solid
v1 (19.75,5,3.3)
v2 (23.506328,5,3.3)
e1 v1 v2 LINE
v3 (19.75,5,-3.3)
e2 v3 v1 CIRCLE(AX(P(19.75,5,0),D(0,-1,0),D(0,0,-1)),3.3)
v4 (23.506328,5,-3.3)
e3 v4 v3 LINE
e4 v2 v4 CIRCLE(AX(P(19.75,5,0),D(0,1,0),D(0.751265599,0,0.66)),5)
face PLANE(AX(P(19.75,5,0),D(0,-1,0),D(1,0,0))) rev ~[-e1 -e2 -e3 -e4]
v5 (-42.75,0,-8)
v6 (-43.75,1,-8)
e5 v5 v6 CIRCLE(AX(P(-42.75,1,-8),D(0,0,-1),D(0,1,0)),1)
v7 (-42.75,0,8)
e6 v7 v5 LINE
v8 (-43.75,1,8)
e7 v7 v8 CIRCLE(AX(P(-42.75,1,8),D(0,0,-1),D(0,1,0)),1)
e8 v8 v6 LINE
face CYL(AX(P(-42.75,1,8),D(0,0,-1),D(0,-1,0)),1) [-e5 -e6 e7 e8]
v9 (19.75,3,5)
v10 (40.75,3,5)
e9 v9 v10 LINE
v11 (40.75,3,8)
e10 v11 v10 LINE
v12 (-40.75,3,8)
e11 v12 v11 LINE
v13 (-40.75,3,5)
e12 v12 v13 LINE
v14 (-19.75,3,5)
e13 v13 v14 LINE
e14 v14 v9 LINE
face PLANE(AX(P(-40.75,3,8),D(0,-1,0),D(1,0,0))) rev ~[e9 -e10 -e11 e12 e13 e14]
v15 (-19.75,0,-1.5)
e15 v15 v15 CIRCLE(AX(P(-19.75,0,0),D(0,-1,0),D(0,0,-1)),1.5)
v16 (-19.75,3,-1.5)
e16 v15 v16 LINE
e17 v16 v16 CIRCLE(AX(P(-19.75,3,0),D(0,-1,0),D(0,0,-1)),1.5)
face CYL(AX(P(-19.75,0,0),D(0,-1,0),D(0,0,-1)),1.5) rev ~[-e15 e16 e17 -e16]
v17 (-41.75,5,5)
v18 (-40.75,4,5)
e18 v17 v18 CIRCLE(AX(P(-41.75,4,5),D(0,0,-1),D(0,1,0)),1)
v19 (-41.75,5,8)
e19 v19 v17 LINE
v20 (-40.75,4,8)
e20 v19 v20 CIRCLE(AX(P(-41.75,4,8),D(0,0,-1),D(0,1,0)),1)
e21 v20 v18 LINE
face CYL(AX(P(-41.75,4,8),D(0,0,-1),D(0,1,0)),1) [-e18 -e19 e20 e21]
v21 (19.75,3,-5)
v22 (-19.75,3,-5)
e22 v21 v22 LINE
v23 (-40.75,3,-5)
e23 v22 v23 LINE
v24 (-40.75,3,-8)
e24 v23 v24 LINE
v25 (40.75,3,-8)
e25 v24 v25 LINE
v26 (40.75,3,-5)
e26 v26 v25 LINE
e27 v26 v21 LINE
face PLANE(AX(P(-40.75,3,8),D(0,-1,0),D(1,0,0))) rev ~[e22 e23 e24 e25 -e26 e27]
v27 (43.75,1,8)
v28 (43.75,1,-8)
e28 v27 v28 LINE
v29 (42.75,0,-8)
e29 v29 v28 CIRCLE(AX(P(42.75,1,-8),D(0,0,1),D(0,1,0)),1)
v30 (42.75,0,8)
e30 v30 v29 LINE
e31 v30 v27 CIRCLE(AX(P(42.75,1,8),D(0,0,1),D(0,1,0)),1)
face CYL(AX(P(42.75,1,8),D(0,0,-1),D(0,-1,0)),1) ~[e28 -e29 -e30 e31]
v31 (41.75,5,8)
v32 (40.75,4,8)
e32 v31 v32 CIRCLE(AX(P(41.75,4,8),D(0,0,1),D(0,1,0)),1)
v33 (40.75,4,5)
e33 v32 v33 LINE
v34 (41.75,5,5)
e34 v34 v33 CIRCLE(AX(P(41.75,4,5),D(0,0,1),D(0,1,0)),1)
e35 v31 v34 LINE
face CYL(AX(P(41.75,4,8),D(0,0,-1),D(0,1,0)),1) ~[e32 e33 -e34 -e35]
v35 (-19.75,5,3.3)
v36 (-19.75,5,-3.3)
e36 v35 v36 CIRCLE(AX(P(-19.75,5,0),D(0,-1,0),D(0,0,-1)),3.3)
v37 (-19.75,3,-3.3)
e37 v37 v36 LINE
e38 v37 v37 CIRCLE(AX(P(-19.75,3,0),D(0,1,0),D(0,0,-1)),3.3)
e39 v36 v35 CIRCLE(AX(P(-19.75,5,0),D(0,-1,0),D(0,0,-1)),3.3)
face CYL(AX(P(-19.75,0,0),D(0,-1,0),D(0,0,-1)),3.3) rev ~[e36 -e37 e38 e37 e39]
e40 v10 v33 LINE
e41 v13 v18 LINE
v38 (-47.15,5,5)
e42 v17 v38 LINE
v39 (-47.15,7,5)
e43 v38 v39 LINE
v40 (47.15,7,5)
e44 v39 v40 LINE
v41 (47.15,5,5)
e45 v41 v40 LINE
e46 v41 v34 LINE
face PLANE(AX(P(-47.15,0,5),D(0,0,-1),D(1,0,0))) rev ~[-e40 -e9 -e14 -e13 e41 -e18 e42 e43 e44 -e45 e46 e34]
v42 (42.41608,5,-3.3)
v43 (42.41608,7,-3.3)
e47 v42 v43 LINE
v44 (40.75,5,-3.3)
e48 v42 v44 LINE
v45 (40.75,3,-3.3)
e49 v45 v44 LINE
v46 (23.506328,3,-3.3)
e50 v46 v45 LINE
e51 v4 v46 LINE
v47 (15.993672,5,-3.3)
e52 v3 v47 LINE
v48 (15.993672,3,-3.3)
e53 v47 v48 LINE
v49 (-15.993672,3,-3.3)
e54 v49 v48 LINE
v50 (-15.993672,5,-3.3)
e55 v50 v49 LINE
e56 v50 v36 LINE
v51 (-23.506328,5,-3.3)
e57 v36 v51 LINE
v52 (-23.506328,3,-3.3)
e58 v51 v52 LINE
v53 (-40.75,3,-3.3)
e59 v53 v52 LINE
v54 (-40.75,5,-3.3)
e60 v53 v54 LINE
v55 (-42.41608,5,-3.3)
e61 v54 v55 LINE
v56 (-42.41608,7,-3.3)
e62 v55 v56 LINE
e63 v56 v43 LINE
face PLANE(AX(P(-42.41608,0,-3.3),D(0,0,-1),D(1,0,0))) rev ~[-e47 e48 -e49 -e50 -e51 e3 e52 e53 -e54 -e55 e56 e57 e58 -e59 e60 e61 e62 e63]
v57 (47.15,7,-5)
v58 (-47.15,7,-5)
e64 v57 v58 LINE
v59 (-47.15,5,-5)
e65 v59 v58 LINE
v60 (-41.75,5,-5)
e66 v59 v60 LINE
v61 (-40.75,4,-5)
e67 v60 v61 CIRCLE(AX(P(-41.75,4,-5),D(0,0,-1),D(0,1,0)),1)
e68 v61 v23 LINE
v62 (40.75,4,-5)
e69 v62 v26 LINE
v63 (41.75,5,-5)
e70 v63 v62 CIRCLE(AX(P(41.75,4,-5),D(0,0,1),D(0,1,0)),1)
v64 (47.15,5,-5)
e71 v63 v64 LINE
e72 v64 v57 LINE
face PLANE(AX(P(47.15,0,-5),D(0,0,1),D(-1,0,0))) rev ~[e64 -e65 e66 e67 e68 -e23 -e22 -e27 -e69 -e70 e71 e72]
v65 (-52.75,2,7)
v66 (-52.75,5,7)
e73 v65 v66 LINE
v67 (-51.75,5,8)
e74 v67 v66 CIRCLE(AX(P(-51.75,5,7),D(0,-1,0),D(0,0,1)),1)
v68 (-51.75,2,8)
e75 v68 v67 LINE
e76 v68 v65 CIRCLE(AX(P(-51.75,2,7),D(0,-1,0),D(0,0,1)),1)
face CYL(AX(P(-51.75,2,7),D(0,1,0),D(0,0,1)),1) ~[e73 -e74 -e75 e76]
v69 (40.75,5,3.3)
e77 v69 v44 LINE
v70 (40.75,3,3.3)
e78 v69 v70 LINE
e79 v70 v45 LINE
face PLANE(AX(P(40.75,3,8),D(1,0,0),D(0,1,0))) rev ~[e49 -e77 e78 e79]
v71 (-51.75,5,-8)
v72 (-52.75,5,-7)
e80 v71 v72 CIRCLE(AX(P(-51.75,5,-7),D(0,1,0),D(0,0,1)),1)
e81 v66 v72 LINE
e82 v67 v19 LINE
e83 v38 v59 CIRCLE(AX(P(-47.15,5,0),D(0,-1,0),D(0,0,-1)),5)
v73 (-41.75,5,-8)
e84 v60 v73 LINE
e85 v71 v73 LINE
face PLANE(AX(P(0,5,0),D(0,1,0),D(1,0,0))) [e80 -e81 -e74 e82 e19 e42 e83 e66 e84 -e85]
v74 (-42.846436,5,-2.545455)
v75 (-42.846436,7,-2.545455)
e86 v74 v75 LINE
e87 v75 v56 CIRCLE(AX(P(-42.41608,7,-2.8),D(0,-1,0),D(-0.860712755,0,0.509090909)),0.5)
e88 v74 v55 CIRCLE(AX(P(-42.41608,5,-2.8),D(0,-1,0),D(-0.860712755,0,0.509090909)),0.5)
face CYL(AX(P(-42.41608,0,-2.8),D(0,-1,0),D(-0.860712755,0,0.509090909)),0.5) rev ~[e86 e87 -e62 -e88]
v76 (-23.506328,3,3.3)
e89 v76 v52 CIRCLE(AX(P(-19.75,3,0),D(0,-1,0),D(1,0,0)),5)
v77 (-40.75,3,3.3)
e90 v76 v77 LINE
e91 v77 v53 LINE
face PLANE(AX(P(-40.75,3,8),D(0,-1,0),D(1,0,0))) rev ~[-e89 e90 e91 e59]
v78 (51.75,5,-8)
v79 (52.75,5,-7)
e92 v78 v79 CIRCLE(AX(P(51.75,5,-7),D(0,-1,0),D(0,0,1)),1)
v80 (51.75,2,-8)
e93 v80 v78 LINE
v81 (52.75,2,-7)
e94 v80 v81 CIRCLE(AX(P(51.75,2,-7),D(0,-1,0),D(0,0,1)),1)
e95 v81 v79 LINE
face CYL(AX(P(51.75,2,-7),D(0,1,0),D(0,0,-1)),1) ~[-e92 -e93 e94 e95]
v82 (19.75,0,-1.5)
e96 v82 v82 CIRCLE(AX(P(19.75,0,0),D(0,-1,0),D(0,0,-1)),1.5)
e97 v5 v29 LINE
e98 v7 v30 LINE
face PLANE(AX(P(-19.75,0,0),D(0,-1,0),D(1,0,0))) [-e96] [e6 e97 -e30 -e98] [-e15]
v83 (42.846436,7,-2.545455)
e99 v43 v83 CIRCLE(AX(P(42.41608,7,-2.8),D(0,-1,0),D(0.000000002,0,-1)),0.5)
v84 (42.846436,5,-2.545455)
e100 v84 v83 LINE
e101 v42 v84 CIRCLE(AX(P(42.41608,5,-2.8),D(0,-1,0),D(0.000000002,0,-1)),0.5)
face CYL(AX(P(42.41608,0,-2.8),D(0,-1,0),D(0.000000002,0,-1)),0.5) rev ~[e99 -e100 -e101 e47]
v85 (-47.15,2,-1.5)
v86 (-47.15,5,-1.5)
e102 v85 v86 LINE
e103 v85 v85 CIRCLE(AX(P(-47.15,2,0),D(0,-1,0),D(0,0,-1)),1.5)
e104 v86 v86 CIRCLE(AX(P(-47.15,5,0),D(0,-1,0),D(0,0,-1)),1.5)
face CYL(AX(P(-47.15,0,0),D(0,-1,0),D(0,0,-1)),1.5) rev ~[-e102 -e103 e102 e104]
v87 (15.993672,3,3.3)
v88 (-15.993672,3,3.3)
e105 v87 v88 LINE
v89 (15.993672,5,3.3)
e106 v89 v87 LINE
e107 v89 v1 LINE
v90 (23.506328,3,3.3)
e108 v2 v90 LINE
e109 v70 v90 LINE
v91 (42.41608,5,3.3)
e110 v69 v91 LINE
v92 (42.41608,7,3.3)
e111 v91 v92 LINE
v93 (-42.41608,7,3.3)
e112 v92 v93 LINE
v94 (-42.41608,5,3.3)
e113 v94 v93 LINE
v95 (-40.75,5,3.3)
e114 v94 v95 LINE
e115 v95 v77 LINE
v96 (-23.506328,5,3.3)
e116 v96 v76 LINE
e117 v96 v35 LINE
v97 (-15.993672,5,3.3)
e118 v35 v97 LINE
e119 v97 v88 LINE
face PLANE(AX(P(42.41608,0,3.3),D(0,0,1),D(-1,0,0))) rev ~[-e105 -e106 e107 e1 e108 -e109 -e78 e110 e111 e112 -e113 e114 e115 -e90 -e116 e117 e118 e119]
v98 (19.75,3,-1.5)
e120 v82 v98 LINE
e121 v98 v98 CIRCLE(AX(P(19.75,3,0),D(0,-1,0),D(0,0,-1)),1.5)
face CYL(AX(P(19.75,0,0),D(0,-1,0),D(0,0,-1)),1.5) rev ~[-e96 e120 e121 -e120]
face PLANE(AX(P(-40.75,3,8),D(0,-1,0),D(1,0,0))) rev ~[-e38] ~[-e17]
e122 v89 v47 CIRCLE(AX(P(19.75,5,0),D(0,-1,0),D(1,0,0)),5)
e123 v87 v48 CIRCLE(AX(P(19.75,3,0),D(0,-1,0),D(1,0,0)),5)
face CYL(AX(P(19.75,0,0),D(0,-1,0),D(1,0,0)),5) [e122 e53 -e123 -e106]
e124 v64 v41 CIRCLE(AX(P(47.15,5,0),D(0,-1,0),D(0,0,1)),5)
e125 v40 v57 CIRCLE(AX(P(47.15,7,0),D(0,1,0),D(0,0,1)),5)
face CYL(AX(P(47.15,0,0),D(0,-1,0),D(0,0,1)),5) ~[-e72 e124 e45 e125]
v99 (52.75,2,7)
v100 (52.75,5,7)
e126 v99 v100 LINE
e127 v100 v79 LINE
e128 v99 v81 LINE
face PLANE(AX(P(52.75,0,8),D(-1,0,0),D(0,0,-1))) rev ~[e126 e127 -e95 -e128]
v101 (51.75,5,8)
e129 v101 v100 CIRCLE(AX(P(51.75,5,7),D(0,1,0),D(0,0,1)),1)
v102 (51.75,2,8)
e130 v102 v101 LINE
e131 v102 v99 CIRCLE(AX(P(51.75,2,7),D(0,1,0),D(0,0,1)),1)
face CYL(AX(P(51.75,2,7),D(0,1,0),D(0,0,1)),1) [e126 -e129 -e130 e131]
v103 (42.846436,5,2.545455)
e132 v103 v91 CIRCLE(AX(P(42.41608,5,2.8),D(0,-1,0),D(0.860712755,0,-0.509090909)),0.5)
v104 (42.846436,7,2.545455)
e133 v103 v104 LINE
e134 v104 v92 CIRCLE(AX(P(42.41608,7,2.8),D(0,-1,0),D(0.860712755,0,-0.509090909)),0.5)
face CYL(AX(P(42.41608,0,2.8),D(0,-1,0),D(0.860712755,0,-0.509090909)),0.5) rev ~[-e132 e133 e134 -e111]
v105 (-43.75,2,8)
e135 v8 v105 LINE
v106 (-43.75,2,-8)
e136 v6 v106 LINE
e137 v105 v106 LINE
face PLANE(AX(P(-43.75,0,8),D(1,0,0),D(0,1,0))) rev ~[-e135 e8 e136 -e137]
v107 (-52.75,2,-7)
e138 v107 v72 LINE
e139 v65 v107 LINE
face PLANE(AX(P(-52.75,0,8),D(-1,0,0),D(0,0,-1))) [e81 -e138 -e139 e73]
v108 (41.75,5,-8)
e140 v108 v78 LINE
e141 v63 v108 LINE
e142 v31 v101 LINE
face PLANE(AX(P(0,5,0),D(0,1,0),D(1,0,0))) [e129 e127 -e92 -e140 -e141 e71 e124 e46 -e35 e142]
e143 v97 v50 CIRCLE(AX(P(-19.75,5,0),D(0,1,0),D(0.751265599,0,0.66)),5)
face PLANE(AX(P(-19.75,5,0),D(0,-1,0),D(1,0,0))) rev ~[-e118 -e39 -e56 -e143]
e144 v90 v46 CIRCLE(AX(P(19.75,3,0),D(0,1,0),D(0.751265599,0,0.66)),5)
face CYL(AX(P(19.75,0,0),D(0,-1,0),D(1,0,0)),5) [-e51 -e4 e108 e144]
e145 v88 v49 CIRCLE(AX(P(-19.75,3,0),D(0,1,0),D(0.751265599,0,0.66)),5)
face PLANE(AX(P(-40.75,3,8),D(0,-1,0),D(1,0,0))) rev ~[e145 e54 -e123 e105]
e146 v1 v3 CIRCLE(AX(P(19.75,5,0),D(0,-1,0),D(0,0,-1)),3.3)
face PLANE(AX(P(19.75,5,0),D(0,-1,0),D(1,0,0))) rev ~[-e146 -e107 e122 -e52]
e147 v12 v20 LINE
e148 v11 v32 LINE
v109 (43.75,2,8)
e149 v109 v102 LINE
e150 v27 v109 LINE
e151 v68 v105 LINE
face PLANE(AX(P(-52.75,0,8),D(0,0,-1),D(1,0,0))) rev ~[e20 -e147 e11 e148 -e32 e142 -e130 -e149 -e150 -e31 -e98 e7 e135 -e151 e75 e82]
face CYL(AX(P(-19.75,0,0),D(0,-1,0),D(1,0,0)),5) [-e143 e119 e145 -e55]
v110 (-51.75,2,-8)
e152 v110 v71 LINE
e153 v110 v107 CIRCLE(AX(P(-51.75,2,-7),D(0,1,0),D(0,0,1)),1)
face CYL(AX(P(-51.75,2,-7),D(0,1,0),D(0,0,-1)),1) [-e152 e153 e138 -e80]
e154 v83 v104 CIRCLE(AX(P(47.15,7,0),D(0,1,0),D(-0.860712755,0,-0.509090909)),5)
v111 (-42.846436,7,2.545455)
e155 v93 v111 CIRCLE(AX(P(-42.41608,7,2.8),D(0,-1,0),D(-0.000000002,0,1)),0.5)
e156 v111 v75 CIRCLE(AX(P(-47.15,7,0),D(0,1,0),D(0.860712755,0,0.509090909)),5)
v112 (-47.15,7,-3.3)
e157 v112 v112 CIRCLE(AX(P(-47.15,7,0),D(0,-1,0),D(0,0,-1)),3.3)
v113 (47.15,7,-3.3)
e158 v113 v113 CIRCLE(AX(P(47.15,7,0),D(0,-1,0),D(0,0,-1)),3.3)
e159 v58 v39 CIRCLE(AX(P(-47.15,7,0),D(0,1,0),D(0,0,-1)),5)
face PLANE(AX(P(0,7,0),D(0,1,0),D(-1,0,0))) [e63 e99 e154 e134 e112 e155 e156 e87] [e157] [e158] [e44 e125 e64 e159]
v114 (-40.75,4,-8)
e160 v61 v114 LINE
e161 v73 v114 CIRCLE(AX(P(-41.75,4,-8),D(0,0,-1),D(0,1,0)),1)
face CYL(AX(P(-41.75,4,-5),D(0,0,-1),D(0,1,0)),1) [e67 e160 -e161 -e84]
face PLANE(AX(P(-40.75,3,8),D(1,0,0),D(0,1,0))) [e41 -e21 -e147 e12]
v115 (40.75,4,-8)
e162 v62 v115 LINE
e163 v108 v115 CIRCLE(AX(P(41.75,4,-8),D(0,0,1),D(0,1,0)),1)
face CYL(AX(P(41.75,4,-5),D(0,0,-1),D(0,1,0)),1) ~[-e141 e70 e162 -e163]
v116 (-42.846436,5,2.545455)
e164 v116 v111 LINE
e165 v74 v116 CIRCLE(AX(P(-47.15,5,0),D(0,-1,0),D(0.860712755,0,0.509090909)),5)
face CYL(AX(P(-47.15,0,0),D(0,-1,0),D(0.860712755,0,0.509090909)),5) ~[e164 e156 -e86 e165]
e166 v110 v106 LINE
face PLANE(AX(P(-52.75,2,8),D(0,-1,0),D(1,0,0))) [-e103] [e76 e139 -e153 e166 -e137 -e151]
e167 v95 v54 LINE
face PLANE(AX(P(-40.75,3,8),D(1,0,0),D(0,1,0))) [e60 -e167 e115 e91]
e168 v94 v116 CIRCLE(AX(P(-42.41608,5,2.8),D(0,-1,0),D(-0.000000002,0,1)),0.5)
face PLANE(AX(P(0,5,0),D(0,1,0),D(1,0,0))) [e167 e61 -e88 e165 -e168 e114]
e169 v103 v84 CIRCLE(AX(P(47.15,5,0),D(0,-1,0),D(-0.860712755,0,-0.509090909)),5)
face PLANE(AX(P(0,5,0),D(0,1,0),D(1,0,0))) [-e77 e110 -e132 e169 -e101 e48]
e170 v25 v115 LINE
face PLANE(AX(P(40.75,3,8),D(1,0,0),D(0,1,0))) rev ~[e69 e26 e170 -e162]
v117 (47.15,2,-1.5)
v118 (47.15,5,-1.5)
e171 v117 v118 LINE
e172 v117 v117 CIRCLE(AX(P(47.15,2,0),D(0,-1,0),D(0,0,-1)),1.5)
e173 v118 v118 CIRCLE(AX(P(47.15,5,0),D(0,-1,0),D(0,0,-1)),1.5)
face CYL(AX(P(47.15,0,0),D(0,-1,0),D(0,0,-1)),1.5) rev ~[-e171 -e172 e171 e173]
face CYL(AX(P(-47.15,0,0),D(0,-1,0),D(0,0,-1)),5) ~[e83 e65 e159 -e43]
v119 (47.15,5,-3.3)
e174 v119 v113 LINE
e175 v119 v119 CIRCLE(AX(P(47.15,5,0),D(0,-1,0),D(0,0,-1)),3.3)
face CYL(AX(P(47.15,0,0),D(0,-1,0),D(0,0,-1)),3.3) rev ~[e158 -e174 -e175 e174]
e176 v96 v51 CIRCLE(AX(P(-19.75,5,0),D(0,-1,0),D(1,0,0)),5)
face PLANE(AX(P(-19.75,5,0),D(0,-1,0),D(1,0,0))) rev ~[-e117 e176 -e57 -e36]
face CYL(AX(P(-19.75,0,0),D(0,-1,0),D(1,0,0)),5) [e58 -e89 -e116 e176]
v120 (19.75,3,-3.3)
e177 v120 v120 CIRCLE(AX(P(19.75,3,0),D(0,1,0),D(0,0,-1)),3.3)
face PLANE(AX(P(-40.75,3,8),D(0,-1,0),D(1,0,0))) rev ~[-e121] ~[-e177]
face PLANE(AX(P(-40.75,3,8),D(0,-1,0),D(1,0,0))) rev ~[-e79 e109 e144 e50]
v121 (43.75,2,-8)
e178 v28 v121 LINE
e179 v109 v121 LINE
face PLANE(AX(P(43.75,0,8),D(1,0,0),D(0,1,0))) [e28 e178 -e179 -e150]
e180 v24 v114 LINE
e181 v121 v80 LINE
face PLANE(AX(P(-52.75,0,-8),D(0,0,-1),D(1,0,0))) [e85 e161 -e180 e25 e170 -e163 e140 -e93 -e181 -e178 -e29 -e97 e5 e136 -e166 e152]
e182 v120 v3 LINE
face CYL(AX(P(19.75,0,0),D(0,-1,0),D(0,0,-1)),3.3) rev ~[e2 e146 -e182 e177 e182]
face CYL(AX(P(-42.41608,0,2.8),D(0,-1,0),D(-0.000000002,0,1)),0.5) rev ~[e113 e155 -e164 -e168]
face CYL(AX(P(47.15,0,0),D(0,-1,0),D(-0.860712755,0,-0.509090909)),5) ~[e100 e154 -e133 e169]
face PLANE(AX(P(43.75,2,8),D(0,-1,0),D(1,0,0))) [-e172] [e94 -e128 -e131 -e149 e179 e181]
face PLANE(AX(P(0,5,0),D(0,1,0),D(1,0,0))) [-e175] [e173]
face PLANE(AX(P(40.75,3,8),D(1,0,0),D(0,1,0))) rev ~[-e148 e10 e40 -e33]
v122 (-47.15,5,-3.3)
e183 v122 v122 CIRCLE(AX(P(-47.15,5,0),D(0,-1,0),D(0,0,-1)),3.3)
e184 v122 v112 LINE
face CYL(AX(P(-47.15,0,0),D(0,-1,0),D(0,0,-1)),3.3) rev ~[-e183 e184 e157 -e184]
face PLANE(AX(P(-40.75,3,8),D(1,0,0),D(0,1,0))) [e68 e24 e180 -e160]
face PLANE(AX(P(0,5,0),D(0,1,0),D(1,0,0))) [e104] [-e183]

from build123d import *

# Parameters (mm, degrees)
SKETCH_1_W          = 105.5
SKETCH_1_H          = 16
EXTRUDE_1_DEPTH     = 5
SKETCH_2_W          = 81.5
SKETCH_2_H          = 2
CUT_EXTRUDE_1_DEPTH = 16
SKETCH_5_R          = 1.5
CUT_EXTRUDE_2_DEPTH = 5
SKETCH_6_R          = 3.3
EXTRUDE_3_DEPTH     = 7
SKETCH_7_R          = 5
SKETCH_7_R_2        = 3.3
EXTRUDE_4_DEPTH     = 5
SKETCH_8_W          = 9
SKETCH_8_H          = 2
CUT_EXTRUDE_3_DEPTH = 16
FILLET_1_R          = 1
FILLET_2_R          = 1


with BuildPart() as part:
    # 草图1 → 凸台-拉伸1 (new body)
    with BuildSketch(Plane(origin=(0, 0, 0), x_dir=(1, 0, 0), z_dir=(0, 1, 0))):
        Rectangle(SKETCH_1_W, SKETCH_1_H)
    extrude(amount=EXTRUDE_1_DEPTH)

    # 草图2 → 切除-拉伸1 (cut)
    with BuildSketch(Plane.XY.offset(8)):
        with Locations((0, 4)):
            Rectangle(SKETCH_2_W, SKETCH_2_H)
    extrude(amount=-CUT_EXTRUDE_1_DEPTH, mode=Mode.SUBTRACT)

    # 草图5 → 切除-拉伸2 (cut)
    with BuildSketch(Plane.XZ):
        with Locations(Location((-47.15, 0, 0), (0, 0, 270))):
            Circle(SKETCH_5_R)
        with Locations(Location((47.15, 0, 0), (0, 0, 270))):
            Circle(SKETCH_5_R)
        with Locations(Location((-19.75, 0, 0), (0, 0, 270))):
            Circle(SKETCH_5_R)
        with Locations(Location((19.75, 0, 0), (0, 0, 270))):
            Circle(SKETCH_5_R)
    extrude(amount=-CUT_EXTRUDE_2_DEPTH, mode=Mode.SUBTRACT)

    # 草图6 → 凸台-拉伸3 (add)
    with BuildSketch(Plane.XZ):
        with BuildLine():
            Line((-47.15, 5), (47.15, 5))
            ThreePointArc((47.15, 5), (52.15, 0), (47.15, -5))
            Line((47.15, -5), (-47.15, -5))
            ThreePointArc((-47.15, -5), (-52.15, 0), (-47.15, 5))
        make_face()
        with Locations(Location((-47.15, 0, 0), (0, 0, 270))):
            Circle(SKETCH_6_R, mode=Mode.SUBTRACT)
        with Locations(Location((47.15, 0, 0), (0, 0, 270))):
            Circle(SKETCH_6_R, mode=Mode.SUBTRACT)
        with BuildLine():
            ThreePointArc((42.846436226, 2.545454545), (42.850402728, 3.047716847), (42.416079849, 3.3))
            Line((42.416079849, 3.3), (-42.416079849, 3.3))
            ThreePointArc((-42.416079849, 3.3), (-42.850402728, 3.047716847), (-42.846436226, 2.545454545))
            ThreePointArc((-42.846436226, 2.545454545), (-42.15, 0), (-42.846436226, -2.545454545))
            ThreePointArc((-42.846436226, -2.545454545), (-42.850402728, -3.047716847), (-42.416079849, -3.3))
            Line((-42.416079849, -3.3), (42.416079849, -3.3))
            ThreePointArc((42.416079849, -3.3), (42.850402728, -3.047716847), (42.846436226, -2.545454545))
            ThreePointArc((42.846436226, -2.545454545), (42.15, 0), (42.846436226, 2.545454545))
        make_face(mode=Mode.SUBTRACT)
    extrude(amount=-EXTRUDE_3_DEPTH)

    # 草图7 → 凸台-拉伸4 (add)
    # profile 1 of 2: a face of its own
    with BuildSketch(Plane.XZ):
        with Locations((-19.75, 0)):
            Circle(SKETCH_7_R)
        with Locations(Location((-19.75, 0, 0), (0, 0, 270))):
            Circle(SKETCH_7_R_2, mode=Mode.SUBTRACT)
    # profile 2 of 2: a face of its own
    with BuildSketch(Plane.XZ):
        with Locations((19.75, 0)):
            Circle(SKETCH_7_R)
        with Locations(Location((19.75, 0, 0), (0, 0, 270))):
            Circle(SKETCH_7_R_2, mode=Mode.SUBTRACT)
    extrude(amount=-EXTRUDE_4_DEPTH)

    # 草图8 → 切除-拉伸3 (cut)
    with BuildSketch(Plane.XY.offset(8)):
        with Locations((-48.25, 1)):
            Rectangle(SKETCH_8_W, SKETCH_8_H)
        with Locations((48.25, 1)):
            Rectangle(SKETCH_8_W, SKETCH_8_H)
    extrude(amount=-CUT_EXTRUDE_3_DEPTH, mode=Mode.SUBTRACT)

    # 圆角1
    fillet_1_edges = [part.edges().sort_by_distance(p)[0] for p in [
        (-43.75, 0, 0),
        (43.75, 0, 0),
        (52.75, 3.5, 8),
        (-52.75, 3.5, 8),
        (-52.75, 3.5, -8),
        (52.75, 3.5, -8),
    ]]
    fillet(fillet_1_edges, radius=FILLET_1_R)

    # 圆角2
    fillet_2_edges = [part.edges().sort_by_distance(p)[0] for p in [
        (40.75, 5, -6.5),
        (-40.75, 5, -6.5),
        (-40.75, 5, 6.5),
        (40.75, 5, 6.5),
    ]]
    fillet(fillet_2_edges, radius=FILLET_2_R)


solid = part.part
